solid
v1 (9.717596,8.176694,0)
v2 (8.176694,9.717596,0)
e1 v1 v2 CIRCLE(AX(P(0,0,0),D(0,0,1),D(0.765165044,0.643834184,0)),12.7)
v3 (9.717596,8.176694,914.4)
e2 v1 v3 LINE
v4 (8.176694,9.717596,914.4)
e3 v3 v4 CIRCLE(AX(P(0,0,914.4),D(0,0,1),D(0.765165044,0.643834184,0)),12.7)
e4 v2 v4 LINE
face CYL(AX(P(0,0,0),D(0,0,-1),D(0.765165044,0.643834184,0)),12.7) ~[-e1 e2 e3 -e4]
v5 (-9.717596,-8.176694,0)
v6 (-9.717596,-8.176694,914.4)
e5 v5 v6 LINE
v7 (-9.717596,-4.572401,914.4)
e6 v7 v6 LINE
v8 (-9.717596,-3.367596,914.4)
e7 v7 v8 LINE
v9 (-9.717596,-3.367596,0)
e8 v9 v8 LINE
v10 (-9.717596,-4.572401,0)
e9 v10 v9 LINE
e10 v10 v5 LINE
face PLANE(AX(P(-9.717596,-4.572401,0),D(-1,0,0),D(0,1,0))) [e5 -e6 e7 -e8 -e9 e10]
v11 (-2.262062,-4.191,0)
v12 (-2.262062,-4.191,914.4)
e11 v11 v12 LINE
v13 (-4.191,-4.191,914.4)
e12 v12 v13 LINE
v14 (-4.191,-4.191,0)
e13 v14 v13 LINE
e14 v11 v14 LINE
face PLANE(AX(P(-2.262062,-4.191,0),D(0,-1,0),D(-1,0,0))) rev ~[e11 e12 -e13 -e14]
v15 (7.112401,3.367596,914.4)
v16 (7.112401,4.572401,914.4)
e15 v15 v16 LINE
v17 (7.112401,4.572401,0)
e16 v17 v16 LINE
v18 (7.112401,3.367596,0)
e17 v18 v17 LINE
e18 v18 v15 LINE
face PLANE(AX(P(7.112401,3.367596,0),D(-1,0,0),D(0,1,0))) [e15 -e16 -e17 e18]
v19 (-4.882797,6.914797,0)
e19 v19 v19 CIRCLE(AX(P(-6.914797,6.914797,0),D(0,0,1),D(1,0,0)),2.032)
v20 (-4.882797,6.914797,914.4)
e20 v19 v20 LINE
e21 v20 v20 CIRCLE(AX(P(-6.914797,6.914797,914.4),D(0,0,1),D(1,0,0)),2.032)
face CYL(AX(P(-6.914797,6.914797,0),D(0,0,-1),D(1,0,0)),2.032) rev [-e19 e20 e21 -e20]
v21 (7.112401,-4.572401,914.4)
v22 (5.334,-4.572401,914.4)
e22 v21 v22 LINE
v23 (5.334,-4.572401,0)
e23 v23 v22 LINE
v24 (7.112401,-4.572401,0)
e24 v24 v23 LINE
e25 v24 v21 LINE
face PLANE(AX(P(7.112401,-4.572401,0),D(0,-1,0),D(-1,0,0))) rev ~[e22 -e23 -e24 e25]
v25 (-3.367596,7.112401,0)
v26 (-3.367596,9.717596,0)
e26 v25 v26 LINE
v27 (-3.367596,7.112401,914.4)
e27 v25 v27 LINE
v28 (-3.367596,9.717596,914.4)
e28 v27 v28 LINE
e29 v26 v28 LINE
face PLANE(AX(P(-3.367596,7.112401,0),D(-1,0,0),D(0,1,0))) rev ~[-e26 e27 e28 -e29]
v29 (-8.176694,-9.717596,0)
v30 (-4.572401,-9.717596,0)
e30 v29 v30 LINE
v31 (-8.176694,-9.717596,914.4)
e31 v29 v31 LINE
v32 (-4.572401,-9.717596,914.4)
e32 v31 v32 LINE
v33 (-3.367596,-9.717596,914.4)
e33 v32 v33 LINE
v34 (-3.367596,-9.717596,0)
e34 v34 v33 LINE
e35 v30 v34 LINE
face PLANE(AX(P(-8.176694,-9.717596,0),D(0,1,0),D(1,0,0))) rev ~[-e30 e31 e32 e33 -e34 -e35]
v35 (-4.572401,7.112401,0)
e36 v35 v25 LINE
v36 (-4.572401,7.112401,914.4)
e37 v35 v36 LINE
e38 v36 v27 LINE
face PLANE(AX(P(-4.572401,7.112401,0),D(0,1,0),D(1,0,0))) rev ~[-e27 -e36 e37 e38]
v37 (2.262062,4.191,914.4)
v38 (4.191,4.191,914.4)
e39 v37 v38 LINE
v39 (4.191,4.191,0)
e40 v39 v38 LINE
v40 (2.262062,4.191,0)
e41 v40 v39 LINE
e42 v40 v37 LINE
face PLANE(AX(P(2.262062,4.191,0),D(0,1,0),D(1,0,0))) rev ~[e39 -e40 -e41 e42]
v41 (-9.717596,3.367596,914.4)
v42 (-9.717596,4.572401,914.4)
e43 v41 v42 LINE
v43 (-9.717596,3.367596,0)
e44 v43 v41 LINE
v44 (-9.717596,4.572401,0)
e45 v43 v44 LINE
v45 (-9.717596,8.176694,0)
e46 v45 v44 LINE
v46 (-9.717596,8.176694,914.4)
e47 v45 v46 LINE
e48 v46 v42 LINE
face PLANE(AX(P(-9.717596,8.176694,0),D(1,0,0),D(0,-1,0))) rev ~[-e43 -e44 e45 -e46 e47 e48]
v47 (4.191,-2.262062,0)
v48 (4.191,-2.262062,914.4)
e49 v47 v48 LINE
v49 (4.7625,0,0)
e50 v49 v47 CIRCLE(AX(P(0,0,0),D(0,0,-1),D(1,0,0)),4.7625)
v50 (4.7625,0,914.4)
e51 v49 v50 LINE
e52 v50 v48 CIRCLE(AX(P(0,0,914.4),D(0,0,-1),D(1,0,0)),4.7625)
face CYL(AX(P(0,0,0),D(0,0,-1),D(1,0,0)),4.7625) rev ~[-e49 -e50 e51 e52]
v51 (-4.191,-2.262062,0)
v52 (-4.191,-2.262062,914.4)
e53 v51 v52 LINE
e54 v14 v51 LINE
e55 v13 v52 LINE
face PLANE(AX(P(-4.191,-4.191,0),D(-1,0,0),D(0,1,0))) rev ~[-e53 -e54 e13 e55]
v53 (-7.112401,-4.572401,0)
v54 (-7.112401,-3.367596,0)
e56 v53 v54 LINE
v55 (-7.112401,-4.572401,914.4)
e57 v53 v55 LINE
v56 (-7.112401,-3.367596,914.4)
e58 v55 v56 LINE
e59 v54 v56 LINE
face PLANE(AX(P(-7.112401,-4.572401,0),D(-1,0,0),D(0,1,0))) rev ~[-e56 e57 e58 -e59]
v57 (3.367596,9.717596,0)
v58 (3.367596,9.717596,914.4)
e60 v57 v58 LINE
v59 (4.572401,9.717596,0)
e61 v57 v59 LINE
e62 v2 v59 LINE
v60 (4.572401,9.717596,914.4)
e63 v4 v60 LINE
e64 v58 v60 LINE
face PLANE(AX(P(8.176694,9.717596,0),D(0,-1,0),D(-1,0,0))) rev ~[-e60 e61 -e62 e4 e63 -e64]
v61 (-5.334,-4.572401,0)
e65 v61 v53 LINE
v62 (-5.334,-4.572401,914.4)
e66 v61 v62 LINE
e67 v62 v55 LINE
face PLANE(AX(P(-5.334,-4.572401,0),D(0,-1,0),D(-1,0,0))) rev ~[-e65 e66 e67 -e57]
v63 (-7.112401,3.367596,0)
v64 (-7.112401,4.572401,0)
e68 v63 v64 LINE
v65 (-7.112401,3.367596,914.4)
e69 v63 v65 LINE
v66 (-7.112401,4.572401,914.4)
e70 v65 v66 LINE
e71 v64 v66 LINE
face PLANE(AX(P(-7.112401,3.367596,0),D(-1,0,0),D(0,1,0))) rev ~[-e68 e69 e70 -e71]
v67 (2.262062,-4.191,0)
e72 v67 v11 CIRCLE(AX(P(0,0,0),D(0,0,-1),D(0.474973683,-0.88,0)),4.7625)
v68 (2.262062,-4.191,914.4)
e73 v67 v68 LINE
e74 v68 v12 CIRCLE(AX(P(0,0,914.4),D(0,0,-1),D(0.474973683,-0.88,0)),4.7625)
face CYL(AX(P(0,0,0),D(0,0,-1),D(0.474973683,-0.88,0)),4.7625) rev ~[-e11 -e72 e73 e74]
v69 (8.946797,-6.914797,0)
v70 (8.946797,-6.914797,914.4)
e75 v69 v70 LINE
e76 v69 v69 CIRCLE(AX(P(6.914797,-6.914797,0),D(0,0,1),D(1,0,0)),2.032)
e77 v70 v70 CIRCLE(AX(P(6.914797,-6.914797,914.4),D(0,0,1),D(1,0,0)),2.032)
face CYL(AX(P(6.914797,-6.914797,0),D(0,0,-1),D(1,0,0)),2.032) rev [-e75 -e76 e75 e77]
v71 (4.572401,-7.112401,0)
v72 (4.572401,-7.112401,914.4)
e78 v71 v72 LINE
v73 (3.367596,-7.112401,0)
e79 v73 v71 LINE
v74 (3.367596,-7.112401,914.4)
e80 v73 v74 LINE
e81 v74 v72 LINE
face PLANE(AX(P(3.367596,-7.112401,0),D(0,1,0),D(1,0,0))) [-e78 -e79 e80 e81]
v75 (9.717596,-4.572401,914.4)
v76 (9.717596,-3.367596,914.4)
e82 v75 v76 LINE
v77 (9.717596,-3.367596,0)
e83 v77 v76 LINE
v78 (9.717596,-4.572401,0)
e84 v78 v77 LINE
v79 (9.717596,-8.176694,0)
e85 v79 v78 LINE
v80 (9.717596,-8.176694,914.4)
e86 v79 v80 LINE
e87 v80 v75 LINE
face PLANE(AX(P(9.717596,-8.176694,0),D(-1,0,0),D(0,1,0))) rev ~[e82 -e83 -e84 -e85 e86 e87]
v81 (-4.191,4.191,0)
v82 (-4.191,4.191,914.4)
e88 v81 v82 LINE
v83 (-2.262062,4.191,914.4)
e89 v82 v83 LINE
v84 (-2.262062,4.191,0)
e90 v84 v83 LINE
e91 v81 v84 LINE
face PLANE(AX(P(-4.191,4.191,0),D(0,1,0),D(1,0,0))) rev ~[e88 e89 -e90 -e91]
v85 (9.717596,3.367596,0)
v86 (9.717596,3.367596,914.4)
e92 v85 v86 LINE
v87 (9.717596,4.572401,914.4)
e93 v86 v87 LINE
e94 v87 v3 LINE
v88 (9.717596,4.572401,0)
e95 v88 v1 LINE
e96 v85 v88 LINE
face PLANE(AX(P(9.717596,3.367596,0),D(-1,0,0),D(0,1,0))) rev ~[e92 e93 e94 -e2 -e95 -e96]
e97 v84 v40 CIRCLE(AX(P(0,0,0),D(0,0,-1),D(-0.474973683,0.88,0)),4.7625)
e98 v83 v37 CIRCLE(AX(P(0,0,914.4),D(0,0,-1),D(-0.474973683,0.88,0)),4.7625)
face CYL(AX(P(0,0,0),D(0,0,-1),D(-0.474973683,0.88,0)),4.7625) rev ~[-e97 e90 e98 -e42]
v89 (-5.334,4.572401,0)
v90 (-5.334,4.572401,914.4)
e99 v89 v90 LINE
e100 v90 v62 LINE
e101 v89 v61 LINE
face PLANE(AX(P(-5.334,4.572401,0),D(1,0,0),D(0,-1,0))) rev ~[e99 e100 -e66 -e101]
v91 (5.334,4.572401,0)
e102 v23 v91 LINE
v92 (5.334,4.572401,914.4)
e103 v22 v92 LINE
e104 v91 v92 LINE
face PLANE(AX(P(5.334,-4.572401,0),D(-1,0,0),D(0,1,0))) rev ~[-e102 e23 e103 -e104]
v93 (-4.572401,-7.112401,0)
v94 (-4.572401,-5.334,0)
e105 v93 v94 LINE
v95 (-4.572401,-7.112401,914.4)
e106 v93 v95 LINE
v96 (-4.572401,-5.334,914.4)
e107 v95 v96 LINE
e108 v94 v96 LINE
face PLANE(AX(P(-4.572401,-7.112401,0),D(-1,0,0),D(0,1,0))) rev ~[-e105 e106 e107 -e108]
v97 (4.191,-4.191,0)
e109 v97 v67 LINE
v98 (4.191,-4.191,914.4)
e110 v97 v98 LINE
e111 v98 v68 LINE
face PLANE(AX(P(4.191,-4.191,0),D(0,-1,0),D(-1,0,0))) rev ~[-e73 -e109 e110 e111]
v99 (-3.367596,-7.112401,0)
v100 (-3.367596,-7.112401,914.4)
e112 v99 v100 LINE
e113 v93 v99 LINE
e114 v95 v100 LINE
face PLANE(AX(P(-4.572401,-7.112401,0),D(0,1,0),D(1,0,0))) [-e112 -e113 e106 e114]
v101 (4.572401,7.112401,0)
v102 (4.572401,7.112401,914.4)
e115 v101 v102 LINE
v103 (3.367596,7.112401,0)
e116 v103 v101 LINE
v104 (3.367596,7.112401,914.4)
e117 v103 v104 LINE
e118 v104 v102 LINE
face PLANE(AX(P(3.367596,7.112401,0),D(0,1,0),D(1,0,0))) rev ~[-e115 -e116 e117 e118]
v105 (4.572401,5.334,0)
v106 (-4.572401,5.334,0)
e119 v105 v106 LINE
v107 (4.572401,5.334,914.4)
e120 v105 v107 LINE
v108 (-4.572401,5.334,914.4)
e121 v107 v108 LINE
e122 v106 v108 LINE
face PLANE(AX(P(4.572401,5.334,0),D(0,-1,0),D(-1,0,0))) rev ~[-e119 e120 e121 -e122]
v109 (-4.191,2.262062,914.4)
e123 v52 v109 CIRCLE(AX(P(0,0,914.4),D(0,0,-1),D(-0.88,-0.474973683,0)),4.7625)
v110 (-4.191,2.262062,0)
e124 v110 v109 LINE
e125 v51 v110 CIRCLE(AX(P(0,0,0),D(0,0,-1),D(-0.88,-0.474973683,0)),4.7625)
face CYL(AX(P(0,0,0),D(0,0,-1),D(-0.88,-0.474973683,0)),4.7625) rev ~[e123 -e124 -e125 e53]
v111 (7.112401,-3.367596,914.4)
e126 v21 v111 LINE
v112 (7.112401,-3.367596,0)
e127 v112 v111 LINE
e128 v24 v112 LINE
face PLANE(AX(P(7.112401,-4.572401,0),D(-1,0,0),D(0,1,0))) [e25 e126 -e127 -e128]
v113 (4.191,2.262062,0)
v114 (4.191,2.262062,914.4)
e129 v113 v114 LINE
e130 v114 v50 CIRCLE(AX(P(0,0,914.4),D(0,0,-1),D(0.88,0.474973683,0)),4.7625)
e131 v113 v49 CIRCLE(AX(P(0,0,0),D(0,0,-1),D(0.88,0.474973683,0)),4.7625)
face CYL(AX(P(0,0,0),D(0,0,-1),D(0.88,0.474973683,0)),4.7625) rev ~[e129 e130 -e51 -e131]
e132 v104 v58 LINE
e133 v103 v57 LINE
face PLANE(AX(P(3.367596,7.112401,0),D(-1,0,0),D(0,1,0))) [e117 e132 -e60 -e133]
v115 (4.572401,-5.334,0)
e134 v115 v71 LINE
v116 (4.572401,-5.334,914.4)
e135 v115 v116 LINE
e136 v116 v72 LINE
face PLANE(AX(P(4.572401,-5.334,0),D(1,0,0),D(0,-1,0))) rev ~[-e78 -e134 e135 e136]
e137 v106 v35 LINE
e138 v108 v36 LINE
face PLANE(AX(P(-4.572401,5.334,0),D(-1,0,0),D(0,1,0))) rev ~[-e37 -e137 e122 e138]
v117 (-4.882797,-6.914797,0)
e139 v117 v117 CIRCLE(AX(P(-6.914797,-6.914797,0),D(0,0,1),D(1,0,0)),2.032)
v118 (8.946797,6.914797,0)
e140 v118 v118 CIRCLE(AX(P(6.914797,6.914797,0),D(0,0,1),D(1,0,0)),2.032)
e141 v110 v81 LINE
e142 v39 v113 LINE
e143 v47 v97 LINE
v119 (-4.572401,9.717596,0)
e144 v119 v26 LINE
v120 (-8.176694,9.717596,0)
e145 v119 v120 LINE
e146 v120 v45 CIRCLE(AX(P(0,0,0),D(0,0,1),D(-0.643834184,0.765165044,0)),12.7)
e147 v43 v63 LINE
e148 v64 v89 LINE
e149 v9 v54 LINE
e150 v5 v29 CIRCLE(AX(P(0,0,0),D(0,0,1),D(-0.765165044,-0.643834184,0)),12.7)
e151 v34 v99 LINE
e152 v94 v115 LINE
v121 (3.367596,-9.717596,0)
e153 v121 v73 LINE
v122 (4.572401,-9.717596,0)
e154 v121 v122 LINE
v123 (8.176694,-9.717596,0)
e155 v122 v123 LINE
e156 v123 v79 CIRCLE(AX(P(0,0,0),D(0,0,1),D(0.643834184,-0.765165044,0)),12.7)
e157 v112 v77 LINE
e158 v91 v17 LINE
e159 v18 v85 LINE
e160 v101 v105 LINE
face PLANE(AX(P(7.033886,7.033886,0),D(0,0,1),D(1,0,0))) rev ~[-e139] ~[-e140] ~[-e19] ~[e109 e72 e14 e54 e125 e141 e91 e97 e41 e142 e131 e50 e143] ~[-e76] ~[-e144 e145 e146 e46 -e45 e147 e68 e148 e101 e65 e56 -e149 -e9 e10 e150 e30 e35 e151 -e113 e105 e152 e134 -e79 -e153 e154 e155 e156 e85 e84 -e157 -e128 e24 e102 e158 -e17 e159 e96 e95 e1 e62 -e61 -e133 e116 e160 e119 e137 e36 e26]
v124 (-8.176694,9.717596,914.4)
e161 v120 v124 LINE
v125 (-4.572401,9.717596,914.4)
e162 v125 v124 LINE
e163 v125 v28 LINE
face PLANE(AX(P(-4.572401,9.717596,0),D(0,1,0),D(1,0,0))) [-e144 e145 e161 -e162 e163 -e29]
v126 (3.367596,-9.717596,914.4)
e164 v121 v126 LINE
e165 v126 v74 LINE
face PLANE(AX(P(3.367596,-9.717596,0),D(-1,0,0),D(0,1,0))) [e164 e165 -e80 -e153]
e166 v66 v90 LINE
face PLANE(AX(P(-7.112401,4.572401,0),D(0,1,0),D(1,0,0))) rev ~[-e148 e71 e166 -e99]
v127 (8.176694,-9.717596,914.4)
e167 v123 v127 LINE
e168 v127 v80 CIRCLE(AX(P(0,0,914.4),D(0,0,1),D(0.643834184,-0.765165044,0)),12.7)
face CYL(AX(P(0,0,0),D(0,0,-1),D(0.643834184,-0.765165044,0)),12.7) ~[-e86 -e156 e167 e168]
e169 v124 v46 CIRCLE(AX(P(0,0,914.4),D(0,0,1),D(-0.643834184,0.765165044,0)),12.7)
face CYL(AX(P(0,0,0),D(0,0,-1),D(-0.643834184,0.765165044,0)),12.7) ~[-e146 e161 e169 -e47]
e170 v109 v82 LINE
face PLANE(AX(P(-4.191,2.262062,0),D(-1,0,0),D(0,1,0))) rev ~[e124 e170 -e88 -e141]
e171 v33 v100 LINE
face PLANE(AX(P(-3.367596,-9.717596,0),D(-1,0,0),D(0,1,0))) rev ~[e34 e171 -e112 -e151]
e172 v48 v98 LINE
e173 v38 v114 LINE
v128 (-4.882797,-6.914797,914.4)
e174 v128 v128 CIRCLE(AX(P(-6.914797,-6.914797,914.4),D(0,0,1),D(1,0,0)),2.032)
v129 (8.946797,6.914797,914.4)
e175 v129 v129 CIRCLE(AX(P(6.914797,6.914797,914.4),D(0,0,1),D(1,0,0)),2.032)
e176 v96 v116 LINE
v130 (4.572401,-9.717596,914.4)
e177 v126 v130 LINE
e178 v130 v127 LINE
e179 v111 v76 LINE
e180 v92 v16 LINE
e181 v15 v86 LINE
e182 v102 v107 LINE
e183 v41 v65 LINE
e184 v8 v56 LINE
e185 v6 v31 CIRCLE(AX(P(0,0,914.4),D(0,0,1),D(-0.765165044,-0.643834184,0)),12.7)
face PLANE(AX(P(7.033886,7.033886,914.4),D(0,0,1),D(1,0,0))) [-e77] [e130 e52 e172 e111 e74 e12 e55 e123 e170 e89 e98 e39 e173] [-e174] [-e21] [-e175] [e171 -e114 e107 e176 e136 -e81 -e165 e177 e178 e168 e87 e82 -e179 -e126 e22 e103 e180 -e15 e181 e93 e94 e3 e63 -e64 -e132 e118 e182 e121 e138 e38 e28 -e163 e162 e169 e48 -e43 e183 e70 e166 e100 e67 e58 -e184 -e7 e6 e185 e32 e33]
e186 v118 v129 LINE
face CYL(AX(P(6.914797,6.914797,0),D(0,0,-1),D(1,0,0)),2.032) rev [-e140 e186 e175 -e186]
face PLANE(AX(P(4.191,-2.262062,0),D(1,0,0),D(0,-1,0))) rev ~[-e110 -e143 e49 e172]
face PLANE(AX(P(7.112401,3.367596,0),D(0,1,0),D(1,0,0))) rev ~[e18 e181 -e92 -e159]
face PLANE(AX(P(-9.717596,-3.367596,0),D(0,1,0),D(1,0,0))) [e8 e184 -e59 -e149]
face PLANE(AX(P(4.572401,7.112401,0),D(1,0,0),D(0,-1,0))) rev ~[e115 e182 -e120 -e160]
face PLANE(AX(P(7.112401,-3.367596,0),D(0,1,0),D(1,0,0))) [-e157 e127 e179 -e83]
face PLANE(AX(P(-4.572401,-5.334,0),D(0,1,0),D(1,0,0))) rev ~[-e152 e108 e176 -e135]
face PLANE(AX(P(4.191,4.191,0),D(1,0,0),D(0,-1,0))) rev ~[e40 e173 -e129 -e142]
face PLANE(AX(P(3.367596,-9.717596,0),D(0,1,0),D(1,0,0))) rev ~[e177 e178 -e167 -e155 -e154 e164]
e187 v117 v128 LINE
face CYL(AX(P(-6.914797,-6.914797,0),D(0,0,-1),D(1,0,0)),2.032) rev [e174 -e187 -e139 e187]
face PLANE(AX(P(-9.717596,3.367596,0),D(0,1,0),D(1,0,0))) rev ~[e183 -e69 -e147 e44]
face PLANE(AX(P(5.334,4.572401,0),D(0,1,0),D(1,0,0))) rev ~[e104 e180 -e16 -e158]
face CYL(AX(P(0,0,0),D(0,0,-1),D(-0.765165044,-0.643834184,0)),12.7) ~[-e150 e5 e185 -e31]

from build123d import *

# Parameters (mm, degrees)
SKETCH3_R           = 2.032
SKETCH3_W           = 0.76159928
SKETCH3_H           = 0.76159928
SKETCH3_W_2         = 1.204804675
SKETCH3_H_2         = 2.605195325
SKETCH3_W_3         = 2.605195325
SKETCH3_H_3         = 1.204804675
BOSS_EXTRUDE3_DEPTH = 914.4


with BuildPart() as part:
    # Sketch3 → Boss-Extrude3 (new body)
    with BuildSketch(Plane.XY):
        with BuildLine():
            ThreePointArc((9.717596045, 8.176694142), (8.980256121, 8.980256121), (8.176694142, 9.717596045))
            Line((8.176694142, 9.717596045), (4.57240072, 9.717596045))
            Line((4.57240072, 9.717596045), (4.57240072, 7.11240072))
            Line((4.57240072, 7.11240072), (4.57240072, 5.334))
            Line((4.57240072, 5.334), (5.334, 5.334))
            Line((5.334, 5.334), (5.334, 4.57240072))
            Line((5.334, 4.57240072), (7.11240072, 4.57240072))
            Line((7.11240072, 4.57240072), (9.717596045, 4.57240072))
            Line((9.717596045, 4.57240072), (9.717596045, 8.176694142))
        make_face()
        with Locations((6.914797213, 6.914797213)):
            Circle(SKETCH3_R, mode=Mode.SUBTRACT)
        with Locations((4.95320036, 4.95320036)):
            Rectangle(SKETCH3_W, SKETCH3_H)
        Polygon((4.57240072, 5.334), (3.367596045, 5.334), (3.367596045, 4.191), (4.191, 4.191), (4.191, 3.367596045), (5.334, 3.367596045), (5.334, 4.57240072), (4.57240072, 4.57240072), align=None)
        with BuildLine():
            Line((3.367596045, 5.334), (-3.367596045, 5.334))
            Line((-3.367596045, 5.334), (-3.367596045, 4.191))
            Line((-3.367596045, 4.191), (-2.262062168, 4.191))
            ThreePointArc((-2.262062168, 4.191), (0, 4.7625), (2.262062168, 4.191))
            Line((2.262062168, 4.191), (3.367596045, 4.191))
            Line((3.367596045, 4.191), (3.367596045, 5.334))
        make_face()
        with BuildLine():
            Line((5.334, 3.367596045), (4.191, 3.367596045))
            Line((4.191, 3.367596045), (4.191, 2.262062168))
            ThreePointArc((4.191, 2.262062168), (4.617415064, 1.16656949), (4.7625, 0))
            ThreePointArc((4.7625, 0), (4.617415064, -1.16656949), (4.191, -2.262062168))
            Line((4.191, -2.262062168), (4.191, -3.367596045))
            Line((4.191, -3.367596045), (5.334, -3.367596045))
            Line((5.334, -3.367596045), (5.334, 3.367596045))
        make_face()
        with Locations((3.969998383, 8.414998383)):
            Rectangle(SKETCH3_W_2, SKETCH3_H_2)
        with Locations((8.414998383, 3.969998383)):
            Rectangle(SKETCH3_W_3, SKETCH3_H_3)
        with BuildLine():
            Line((4.57240072, -9.717596045), (8.176694142, -9.717596045))
            ThreePointArc((8.176694142, -9.717596045), (8.980256121, -8.980256121), (9.717596045, -8.176694142))
            Line((9.717596045, -8.176694142), (9.717596045, -4.57240072))
            Line((9.717596045, -4.57240072), (7.11240072, -4.57240072))
            Line((7.11240072, -4.57240072), (5.334, -4.57240072))
            Line((5.334, -4.57240072), (5.334, -5.334))
            Line((5.334, -5.334), (4.57240072, -5.334))
            Line((4.57240072, -5.334), (4.57240072, -7.11240072))
            Line((4.57240072, -7.11240072), (4.57240072, -9.717596045))
        make_face()
        with Locations((6.914797213, -6.914797213)):
            Circle(SKETCH3_R, mode=Mode.SUBTRACT)
        with Locations((4.95320036, -4.95320036)):
            Rectangle(SKETCH3_W, SKETCH3_H)
        with Locations((8.414998383, -3.969998383)):
            Rectangle(SKETCH3_W_3, SKETCH3_H_3)
        with Locations((3.969998383, -8.414998383)):
            Rectangle(SKETCH3_W_2, SKETCH3_H_2)
        Polygon((3.367596045, -4.191), (3.367596045, -5.334), (4.57240072, -5.334), (4.57240072, -4.57240072), (5.334, -4.57240072), (5.334, -3.367596045), (4.191, -3.367596045), (4.191, -4.191), align=None)
        with BuildLine():
            Line((-2.262062168, -4.191), (-3.367596045, -4.191))
            Line((-3.367596045, -4.191), (-3.367596045, -5.334))
            Line((-3.367596045, -5.334), (3.367596045, -5.334))
            Line((3.367596045, -5.334), (3.367596045, -4.191))
            Line((3.367596045, -4.191), (2.262062168, -4.191))
            ThreePointArc((2.262062168, -4.191), (0, -4.7625), (-2.262062168, -4.191))
        make_face()
        with Locations((-4.95320036, -4.95320036)):
            Rectangle(SKETCH3_W, SKETCH3_H)
        Polygon((-4.191, -3.367596045), (-5.334, -3.367596045), (-5.334, -4.57240072), (-4.57240072, -4.57240072), (-4.57240072, -5.334), (-3.367596045, -5.334), (-3.367596045, -4.191), (-4.191, -4.191), align=None)
        with BuildLine():
            Line((-5.334, -4.57240072), (-7.11240072, -4.57240072))
            Line((-7.11240072, -4.57240072), (-9.717596045, -4.57240072))
            Line((-9.717596045, -4.57240072), (-9.717596045, -8.176694142))
            ThreePointArc((-9.717596045, -8.176694142), (-8.980256121, -8.980256121), (-8.176694142, -9.717596045))
            Line((-8.176694142, -9.717596045), (-4.57240072, -9.717596045))
            Line((-4.57240072, -9.717596045), (-4.57240072, -7.11240072))
            Line((-4.57240072, -7.11240072), (-4.57240072, -5.334))
            Line((-4.57240072, -5.334), (-5.334, -5.334))
            Line((-5.334, -5.334), (-5.334, -4.57240072))
        make_face()
        with Locations((-6.914797213, -6.914797213)):
            Circle(SKETCH3_R, mode=Mode.SUBTRACT)
        with Locations((-3.969998383, -8.414998383)):
            Rectangle(SKETCH3_W_2, SKETCH3_H_2)
        with Locations((-8.414998383, -3.969998383)):
            Rectangle(SKETCH3_W_3, SKETCH3_H_3)
        with BuildLine():
            Line((-4.191, 3.367596045), (-5.334, 3.367596045))
            Line((-5.334, 3.367596045), (-5.334, -3.367596045))
            Line((-5.334, -3.367596045), (-4.191, -3.367596045))
            Line((-4.191, -3.367596045), (-4.191, -2.262062168))
            ThreePointArc((-4.191, -2.262062168), (-4.7625, 0), (-4.191, 2.262062168))
            Line((-4.191, 2.262062168), (-4.191, 3.367596045))
        make_face()
        with Locations((-4.95320036, 4.95320036)):
            Rectangle(SKETCH3_W, SKETCH3_H)
        Polygon((-4.57240072, 4.57240072), (-5.334, 4.57240072), (-5.334, 3.367596045), (-4.191, 3.367596045), (-4.191, 4.191), (-3.367596045, 4.191), (-3.367596045, 5.334), (-4.57240072, 5.334), align=None)
        with BuildLine():
            Line((-9.717596045, 4.57240072), (-7.11240072, 4.57240072))
            Line((-7.11240072, 4.57240072), (-5.334, 4.57240072))
            Line((-5.334, 4.57240072), (-5.334, 5.334))
            Line((-5.334, 5.334), (-4.57240072, 5.334))
            Line((-4.57240072, 5.334), (-4.57240072, 7.11240072))
            Line((-4.57240072, 7.11240072), (-4.57240072, 9.717596045))
            Line((-4.57240072, 9.717596045), (-8.176694142, 9.717596045))
            ThreePointArc((-8.176694142, 9.717596045), (-8.980256121, 8.980256121), (-9.717596045, 8.176694142))
            Line((-9.717596045, 8.176694142), (-9.717596045, 4.57240072))
        make_face()
        with Locations((-6.914797213, 6.914797213)):
            Circle(SKETCH3_R, mode=Mode.SUBTRACT)
        with Locations((-3.969998383, 8.414998383)):
            Rectangle(SKETCH3_W_2, SKETCH3_H_2)
        with Locations((-8.414998383, 3.969998383)):
            Rectangle(SKETCH3_W_3, SKETCH3_H_3)
    extrude(amount=BOSS_EXTRUDE3_DEPTH)


solid = part.part
